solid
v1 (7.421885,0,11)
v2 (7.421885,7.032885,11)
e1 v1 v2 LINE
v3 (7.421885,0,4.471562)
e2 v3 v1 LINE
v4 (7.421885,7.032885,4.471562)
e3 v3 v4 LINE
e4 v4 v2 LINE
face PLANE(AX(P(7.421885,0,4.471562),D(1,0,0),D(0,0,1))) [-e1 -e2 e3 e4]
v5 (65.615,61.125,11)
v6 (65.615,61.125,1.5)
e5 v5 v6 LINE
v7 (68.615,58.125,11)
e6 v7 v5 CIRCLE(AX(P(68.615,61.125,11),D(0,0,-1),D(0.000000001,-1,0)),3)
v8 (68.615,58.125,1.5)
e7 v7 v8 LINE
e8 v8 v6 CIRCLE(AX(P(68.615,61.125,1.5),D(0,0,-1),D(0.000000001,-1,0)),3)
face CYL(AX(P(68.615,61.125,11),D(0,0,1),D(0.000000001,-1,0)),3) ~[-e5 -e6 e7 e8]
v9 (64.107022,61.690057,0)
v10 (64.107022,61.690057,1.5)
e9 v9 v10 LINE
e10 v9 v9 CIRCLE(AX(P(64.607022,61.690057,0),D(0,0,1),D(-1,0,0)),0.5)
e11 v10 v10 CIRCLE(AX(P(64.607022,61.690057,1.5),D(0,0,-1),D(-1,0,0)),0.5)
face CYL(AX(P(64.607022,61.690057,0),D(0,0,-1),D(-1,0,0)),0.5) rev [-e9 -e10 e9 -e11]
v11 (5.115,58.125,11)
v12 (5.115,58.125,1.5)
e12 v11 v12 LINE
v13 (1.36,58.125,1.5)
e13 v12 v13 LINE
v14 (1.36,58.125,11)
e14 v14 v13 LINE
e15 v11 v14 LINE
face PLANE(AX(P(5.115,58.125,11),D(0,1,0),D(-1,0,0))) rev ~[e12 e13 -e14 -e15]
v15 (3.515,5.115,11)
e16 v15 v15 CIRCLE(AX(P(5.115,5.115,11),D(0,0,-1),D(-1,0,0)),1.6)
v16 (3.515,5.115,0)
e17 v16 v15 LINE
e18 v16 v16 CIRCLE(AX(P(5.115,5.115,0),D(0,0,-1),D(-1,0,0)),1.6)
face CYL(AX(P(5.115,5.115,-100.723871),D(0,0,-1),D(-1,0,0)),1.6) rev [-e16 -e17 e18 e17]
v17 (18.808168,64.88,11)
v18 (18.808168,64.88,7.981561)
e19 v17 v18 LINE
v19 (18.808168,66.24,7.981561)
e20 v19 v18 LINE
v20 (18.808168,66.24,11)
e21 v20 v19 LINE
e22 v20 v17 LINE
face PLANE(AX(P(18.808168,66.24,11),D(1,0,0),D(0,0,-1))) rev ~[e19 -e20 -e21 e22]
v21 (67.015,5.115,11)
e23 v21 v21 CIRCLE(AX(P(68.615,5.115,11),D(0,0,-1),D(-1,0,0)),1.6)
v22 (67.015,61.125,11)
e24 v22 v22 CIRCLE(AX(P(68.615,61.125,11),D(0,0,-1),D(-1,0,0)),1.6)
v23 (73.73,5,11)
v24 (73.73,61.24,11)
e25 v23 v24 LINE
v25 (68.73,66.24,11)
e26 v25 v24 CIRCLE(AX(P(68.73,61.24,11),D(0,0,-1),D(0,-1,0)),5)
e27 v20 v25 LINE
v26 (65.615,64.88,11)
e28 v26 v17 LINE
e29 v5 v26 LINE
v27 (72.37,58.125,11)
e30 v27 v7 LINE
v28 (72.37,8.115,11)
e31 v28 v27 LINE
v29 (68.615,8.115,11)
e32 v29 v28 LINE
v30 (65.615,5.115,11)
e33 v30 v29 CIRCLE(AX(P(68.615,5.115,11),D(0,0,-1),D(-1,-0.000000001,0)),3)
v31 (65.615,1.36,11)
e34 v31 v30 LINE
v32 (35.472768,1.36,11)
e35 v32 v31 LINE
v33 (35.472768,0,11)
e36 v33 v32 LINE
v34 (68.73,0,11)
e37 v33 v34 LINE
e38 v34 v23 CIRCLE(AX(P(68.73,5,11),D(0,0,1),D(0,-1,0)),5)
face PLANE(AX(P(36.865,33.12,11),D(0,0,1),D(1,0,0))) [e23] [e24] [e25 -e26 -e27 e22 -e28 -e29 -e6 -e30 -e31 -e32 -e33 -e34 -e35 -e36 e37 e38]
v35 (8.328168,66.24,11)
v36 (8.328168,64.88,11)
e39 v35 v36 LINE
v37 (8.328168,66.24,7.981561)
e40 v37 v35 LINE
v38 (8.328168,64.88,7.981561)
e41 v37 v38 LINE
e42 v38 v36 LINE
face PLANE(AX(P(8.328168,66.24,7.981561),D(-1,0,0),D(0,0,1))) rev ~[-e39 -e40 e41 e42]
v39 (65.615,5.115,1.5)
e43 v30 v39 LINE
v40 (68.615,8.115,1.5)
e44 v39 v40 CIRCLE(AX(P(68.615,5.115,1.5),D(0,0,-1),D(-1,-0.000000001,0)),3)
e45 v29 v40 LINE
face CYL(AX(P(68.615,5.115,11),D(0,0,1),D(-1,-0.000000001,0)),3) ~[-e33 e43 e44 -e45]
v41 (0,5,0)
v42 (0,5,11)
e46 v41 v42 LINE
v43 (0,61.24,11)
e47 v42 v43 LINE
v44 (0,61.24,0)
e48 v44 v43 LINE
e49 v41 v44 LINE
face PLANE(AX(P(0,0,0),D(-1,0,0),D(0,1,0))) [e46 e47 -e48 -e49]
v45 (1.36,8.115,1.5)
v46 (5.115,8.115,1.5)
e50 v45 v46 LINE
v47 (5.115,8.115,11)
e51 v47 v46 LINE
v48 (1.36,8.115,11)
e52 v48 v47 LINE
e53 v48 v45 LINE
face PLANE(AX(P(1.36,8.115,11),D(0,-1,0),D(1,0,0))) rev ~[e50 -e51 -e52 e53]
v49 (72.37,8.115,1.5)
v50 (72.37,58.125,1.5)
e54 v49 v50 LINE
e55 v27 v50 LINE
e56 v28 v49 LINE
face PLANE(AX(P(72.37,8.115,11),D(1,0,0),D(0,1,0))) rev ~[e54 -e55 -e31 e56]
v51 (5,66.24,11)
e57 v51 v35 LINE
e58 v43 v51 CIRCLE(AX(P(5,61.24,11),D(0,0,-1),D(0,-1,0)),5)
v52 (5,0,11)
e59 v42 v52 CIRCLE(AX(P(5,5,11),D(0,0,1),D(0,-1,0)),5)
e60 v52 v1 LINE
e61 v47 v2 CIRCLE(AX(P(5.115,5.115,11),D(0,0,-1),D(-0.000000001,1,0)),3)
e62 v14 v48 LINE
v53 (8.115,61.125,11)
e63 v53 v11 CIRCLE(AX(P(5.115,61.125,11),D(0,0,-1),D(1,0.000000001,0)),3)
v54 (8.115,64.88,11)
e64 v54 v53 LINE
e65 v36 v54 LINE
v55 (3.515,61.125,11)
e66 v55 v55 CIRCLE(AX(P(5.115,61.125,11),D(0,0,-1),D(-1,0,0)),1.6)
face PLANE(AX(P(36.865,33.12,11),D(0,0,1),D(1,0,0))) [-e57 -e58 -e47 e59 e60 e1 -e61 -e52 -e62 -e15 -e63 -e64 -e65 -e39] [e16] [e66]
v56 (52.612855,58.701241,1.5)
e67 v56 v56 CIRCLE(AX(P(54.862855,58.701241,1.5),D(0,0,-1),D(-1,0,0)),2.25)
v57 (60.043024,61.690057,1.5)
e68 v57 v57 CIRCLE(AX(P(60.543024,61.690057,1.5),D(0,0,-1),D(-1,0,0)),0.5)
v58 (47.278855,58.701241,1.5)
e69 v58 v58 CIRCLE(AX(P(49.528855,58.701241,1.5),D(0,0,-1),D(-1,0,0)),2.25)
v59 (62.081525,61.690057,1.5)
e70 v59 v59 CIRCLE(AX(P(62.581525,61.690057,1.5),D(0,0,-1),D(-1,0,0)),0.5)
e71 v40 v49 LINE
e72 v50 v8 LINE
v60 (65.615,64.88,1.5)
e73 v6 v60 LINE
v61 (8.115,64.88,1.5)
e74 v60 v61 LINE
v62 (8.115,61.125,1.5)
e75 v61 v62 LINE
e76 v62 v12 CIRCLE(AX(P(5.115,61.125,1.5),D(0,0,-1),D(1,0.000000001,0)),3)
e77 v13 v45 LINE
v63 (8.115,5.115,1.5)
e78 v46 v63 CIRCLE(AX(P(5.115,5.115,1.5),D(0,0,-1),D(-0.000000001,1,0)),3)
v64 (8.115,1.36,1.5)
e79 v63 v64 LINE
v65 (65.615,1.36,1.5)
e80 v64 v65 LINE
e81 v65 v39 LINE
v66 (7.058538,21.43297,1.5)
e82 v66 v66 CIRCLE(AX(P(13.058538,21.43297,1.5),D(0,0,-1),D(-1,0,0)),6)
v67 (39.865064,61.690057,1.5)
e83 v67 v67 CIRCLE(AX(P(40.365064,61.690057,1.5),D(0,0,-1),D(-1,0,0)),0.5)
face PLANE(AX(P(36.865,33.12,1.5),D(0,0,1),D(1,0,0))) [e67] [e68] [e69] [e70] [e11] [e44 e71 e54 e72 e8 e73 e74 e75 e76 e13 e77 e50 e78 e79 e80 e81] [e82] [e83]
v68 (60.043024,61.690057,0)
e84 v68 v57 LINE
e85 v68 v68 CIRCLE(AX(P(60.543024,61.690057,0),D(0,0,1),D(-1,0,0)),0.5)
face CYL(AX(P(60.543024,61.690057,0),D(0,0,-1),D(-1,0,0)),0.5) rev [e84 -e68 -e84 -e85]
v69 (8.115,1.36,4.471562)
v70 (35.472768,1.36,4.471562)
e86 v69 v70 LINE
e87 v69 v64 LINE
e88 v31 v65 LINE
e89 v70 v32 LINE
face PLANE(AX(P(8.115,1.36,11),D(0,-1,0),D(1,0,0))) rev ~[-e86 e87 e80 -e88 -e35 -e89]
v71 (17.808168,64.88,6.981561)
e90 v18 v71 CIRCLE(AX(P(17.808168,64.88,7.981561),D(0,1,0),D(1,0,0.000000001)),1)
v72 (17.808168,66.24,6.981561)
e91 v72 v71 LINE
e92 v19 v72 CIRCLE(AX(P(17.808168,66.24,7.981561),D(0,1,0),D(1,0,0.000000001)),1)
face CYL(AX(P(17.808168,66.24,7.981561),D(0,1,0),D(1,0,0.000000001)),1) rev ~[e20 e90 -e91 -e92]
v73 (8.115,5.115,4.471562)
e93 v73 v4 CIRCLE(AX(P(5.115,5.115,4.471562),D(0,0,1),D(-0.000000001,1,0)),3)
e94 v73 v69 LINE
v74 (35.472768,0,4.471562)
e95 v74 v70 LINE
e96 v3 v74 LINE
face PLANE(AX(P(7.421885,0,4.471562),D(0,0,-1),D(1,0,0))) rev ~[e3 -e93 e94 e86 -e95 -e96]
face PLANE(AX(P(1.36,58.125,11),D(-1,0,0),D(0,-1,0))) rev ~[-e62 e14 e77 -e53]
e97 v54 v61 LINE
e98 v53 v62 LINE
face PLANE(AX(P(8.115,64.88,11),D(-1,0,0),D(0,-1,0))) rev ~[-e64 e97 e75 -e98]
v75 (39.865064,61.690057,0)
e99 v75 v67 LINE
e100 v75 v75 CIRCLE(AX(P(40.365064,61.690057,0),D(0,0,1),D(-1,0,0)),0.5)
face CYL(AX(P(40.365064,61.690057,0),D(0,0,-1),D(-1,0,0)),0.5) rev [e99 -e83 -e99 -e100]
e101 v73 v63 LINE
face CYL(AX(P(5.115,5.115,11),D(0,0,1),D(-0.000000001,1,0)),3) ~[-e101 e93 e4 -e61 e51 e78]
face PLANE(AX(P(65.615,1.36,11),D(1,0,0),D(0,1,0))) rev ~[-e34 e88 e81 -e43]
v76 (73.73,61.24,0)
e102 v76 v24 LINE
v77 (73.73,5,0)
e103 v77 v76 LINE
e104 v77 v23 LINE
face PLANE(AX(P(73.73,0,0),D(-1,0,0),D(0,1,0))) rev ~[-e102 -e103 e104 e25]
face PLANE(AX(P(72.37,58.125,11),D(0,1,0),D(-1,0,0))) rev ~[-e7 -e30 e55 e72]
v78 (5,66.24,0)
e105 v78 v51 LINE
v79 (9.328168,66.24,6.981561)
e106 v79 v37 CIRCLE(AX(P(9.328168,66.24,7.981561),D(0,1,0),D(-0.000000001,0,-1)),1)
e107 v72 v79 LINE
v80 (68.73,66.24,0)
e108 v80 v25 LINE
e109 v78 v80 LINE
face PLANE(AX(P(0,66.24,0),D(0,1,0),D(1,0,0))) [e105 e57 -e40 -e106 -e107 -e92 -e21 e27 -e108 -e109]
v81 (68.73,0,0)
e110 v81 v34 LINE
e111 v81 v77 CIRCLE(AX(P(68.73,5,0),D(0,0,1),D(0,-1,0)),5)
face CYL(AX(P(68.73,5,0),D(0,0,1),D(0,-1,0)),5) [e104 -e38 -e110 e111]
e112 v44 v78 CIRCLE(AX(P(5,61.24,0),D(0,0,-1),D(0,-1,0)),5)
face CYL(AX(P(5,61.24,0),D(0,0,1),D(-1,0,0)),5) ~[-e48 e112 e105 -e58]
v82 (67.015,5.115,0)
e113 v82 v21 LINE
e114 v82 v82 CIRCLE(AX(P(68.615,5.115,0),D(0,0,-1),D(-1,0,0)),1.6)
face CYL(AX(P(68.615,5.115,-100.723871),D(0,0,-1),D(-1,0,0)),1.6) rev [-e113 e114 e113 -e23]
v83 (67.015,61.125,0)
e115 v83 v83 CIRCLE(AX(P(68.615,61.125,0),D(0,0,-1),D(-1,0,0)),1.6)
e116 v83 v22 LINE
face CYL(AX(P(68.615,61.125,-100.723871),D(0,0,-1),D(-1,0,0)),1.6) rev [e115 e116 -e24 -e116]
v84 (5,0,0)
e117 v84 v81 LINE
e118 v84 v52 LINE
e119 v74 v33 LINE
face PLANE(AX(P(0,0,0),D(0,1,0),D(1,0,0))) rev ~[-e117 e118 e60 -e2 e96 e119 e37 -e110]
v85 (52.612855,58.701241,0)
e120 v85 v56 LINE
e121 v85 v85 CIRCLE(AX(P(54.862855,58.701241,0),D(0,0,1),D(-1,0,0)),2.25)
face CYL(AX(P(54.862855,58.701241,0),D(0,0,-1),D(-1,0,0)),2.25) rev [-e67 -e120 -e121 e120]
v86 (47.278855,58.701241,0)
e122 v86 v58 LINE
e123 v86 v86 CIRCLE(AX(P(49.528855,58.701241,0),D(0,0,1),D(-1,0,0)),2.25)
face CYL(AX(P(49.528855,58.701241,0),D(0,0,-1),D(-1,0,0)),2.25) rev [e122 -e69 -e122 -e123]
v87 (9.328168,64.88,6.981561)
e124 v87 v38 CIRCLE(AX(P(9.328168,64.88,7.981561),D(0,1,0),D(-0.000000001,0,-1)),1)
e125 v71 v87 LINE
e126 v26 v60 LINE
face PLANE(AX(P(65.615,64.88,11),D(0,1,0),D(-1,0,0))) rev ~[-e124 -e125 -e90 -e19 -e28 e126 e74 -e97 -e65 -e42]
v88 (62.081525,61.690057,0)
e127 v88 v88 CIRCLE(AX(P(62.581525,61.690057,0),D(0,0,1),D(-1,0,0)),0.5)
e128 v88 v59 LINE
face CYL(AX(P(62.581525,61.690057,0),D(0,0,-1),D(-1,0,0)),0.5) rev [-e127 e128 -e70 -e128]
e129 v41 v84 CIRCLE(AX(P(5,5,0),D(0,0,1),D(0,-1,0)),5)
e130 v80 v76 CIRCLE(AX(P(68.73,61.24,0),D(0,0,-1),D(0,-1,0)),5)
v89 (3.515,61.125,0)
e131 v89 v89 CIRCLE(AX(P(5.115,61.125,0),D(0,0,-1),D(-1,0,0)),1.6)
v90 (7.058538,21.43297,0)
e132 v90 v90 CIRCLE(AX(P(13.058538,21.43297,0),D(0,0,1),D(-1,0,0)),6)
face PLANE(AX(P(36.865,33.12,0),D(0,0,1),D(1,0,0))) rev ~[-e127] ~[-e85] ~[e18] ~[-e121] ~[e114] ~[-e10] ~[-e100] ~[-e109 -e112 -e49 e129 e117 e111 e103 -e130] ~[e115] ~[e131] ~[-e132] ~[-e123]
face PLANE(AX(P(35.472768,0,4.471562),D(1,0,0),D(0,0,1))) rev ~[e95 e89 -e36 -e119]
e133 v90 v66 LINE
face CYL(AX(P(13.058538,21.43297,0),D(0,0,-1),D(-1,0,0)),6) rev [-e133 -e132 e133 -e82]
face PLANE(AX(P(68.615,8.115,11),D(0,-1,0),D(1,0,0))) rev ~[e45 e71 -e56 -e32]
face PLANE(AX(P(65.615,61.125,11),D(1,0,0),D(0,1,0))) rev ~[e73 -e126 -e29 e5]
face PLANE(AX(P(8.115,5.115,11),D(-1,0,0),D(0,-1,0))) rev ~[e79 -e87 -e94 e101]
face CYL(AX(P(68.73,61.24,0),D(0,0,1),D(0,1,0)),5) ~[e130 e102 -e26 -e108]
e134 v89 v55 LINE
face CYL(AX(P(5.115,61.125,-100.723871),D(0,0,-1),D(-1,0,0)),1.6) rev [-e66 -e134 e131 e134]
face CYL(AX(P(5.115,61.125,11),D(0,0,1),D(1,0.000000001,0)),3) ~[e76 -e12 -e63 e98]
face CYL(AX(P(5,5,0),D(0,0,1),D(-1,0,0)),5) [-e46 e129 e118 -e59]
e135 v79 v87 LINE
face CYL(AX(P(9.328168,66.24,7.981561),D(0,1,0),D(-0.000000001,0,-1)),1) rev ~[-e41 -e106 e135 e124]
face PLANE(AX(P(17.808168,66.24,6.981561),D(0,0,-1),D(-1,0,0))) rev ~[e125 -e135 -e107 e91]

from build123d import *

# Parameters (mm, degrees)
SKETCH_1_W               = 73.73
SKETCH_1_H               = 66.24
EXTRUDE_1_DEPTH          = 11
CUT_EXTRUDE_1_DEPTH      = 14
CUT_EXTRUDE_1_DEPTH_BACK = 100.723871265
SKETCH_5_R               = 1.6
CUT_EXTRUDE_2_DEPTH      = 9.5
SKETCH_8_R               = 0.5
SKETCH_8_R_2             = 0.499999992
SKETCH_8_R_3             = 2.25
SKETCH_8_R_4             = 6
CUT_EXTRUDE_3_DEPTH      = 9
CUT_EXTRUDE_4_DEPTH      = 9
SKETCH_11_W              = 28.050882838
SKETCH_11_H              = 6.729999604
CUT_EXTRUDE_5_DEPTH      = 9
FILLET_1_R               = 5


with BuildPart() as part:
    # 草图1 → 凸台-拉伸1 (new body)
    with BuildSketch(Plane.XY):
        with Locations((36.865, 33.12)):
            Rectangle(SKETCH_1_W, SKETCH_1_H)
    extrude(amount=EXTRUDE_1_DEPTH)

    # 草图5 → 切除-拉伸1 (cut, two sides: drawn at the far end of the back side and taken through both)
    with BuildSketch(Plane.XY.offset(-CUT_EXTRUDE_1_DEPTH_BACK)):
        with Locations(Location((5.115, 61.125, 0), (0, 0, 180))):
            Circle(SKETCH_5_R)
        with Locations(Location((68.615, 61.125, 0), (0, 0, 180))):
            Circle(SKETCH_5_R)
        with Locations(Location((68.615, 5.115, 0), (0, 0, 180))):
            Circle(SKETCH_5_R)
        with Locations(Location((5.115, 5.115, 0), (0, 0, 180))):
            Circle(SKETCH_5_R)
    extrude(amount=CUT_EXTRUDE_1_DEPTH + CUT_EXTRUDE_1_DEPTH_BACK, mode=Mode.SUBTRACT)

    # 草图6 → 切除-拉伸2 (cut)
    with BuildSketch(Plane.XY.offset(11)):
        with BuildLine():
            Line((1.36, 58.125), (1.36, 8.115))
            Line((1.36, 8.115), (5.115, 8.115))
            ThreePointArc((5.115, 8.115), (7.236320344, 7.236320344), (8.115, 5.115))
            Line((8.115, 5.115), (8.115, 1.36))
            Line((8.115, 1.36), (65.615, 1.36))
            Line((65.615, 1.36), (65.615, 5.115))
            ThreePointArc((65.615, 5.115), (66.493679656, 7.236320344), (68.615, 8.115))
            Line((68.615, 8.115), (72.37, 8.115))
            Line((72.37, 8.115), (72.37, 58.125))
            Line((72.37, 58.125), (68.615, 58.125))
            ThreePointArc((68.615, 58.125), (66.493679656, 59.003679656), (65.615, 61.125))
            Line((65.615, 61.125), (65.615, 64.88))
            Line((65.615, 64.88), (8.115, 64.88))
            Line((8.115, 64.88), (8.115, 61.125))
            ThreePointArc((8.115, 61.125), (7.236320344, 59.003679656), (5.115, 58.125))
            Line((5.115, 58.125), (1.36, 58.125))
        make_face()
    extrude(amount=-CUT_EXTRUDE_2_DEPTH, mode=Mode.SUBTRACT)

    # 草图8 → 切除-拉伸3 (cut)
    with BuildSketch(Plane.XY):
        with Locations(Location((62.581524864, 61.690056586, 0), (0, 0, 180))):
            Circle(SKETCH_8_R)
        with Locations(Location((60.543023731, 61.690056586, 0), (0, 0, 180))):
            Circle(SKETCH_8_R_2)
        with Locations(Location((64.607021964, 61.690056586, 0), (0, 0, 180))):
            Circle(SKETCH_8_R)
        with Locations(Location((54.862855038, 58.701240743, 0), (0, 0, 180))):
            Circle(SKETCH_8_R_3)
        with Locations(Location((49.528855397, 58.701240743, 0), (0, 0, 180))):
            Circle(SKETCH_8_R_3)
        with Locations(Location((40.365063963, 61.690056586, 0), (0, 0, 180))):
            Circle(SKETCH_8_R)
        with Locations(Location((13.058538298, 21.432969982, 0), (0, 0, 180))):
            Circle(SKETCH_8_R_4)
    extrude(amount=CUT_EXTRUDE_3_DEPTH, mode=Mode.SUBTRACT)

    # 草图10 → 切除-拉伸4 (cut)
    with BuildSketch(Plane(origin=(0, 66.24, 0), x_dir=(1, 0, 0), z_dir=(0, 1, 0))):
        with BuildLine():
            Line((17.808167787, -6.98156116), (9.328167793, -6.98156116))
            ThreePointArc((9.328167793, -6.98156116), (8.621061012, -7.274454379), (8.328167793, -7.98156116))
            Line((8.328167793, -7.98156116), (8.328167793, -11))
            Line((8.328167793, -11), (18.808167787, -11))
            Line((18.808167787, -11), (18.808167787, -7.98156116))
            ThreePointArc((18.808167787, -7.98156116), (18.515274569, -7.274454379), (17.808167787, -6.98156116))
        make_face()
    extrude(amount=-CUT_EXTRUDE_4_DEPTH, mode=Mode.SUBTRACT)

    # 草图11 → 切除-拉伸5 (cut)
    with BuildSketch(Plane.XZ):
        with Locations((21.447326516, 7.836561358)):
            Rectangle(SKETCH_11_W, SKETCH_11_H)
    extrude(amount=-CUT_EXTRUDE_5_DEPTH, mode=Mode.SUBTRACT)

    # 圆角1
    fillet_1_edges = [part.edges().sort_by_distance(p)[0] for p in [
        (0, 66.24, 5.5),
        (73.73, 66.24, 5.5),
        (73.73, 0, 5.5),
        (0, 0, 5.5),
    ]]
    fillet(fillet_1_edges, radius=FILLET_1_R)


solid = part.part
